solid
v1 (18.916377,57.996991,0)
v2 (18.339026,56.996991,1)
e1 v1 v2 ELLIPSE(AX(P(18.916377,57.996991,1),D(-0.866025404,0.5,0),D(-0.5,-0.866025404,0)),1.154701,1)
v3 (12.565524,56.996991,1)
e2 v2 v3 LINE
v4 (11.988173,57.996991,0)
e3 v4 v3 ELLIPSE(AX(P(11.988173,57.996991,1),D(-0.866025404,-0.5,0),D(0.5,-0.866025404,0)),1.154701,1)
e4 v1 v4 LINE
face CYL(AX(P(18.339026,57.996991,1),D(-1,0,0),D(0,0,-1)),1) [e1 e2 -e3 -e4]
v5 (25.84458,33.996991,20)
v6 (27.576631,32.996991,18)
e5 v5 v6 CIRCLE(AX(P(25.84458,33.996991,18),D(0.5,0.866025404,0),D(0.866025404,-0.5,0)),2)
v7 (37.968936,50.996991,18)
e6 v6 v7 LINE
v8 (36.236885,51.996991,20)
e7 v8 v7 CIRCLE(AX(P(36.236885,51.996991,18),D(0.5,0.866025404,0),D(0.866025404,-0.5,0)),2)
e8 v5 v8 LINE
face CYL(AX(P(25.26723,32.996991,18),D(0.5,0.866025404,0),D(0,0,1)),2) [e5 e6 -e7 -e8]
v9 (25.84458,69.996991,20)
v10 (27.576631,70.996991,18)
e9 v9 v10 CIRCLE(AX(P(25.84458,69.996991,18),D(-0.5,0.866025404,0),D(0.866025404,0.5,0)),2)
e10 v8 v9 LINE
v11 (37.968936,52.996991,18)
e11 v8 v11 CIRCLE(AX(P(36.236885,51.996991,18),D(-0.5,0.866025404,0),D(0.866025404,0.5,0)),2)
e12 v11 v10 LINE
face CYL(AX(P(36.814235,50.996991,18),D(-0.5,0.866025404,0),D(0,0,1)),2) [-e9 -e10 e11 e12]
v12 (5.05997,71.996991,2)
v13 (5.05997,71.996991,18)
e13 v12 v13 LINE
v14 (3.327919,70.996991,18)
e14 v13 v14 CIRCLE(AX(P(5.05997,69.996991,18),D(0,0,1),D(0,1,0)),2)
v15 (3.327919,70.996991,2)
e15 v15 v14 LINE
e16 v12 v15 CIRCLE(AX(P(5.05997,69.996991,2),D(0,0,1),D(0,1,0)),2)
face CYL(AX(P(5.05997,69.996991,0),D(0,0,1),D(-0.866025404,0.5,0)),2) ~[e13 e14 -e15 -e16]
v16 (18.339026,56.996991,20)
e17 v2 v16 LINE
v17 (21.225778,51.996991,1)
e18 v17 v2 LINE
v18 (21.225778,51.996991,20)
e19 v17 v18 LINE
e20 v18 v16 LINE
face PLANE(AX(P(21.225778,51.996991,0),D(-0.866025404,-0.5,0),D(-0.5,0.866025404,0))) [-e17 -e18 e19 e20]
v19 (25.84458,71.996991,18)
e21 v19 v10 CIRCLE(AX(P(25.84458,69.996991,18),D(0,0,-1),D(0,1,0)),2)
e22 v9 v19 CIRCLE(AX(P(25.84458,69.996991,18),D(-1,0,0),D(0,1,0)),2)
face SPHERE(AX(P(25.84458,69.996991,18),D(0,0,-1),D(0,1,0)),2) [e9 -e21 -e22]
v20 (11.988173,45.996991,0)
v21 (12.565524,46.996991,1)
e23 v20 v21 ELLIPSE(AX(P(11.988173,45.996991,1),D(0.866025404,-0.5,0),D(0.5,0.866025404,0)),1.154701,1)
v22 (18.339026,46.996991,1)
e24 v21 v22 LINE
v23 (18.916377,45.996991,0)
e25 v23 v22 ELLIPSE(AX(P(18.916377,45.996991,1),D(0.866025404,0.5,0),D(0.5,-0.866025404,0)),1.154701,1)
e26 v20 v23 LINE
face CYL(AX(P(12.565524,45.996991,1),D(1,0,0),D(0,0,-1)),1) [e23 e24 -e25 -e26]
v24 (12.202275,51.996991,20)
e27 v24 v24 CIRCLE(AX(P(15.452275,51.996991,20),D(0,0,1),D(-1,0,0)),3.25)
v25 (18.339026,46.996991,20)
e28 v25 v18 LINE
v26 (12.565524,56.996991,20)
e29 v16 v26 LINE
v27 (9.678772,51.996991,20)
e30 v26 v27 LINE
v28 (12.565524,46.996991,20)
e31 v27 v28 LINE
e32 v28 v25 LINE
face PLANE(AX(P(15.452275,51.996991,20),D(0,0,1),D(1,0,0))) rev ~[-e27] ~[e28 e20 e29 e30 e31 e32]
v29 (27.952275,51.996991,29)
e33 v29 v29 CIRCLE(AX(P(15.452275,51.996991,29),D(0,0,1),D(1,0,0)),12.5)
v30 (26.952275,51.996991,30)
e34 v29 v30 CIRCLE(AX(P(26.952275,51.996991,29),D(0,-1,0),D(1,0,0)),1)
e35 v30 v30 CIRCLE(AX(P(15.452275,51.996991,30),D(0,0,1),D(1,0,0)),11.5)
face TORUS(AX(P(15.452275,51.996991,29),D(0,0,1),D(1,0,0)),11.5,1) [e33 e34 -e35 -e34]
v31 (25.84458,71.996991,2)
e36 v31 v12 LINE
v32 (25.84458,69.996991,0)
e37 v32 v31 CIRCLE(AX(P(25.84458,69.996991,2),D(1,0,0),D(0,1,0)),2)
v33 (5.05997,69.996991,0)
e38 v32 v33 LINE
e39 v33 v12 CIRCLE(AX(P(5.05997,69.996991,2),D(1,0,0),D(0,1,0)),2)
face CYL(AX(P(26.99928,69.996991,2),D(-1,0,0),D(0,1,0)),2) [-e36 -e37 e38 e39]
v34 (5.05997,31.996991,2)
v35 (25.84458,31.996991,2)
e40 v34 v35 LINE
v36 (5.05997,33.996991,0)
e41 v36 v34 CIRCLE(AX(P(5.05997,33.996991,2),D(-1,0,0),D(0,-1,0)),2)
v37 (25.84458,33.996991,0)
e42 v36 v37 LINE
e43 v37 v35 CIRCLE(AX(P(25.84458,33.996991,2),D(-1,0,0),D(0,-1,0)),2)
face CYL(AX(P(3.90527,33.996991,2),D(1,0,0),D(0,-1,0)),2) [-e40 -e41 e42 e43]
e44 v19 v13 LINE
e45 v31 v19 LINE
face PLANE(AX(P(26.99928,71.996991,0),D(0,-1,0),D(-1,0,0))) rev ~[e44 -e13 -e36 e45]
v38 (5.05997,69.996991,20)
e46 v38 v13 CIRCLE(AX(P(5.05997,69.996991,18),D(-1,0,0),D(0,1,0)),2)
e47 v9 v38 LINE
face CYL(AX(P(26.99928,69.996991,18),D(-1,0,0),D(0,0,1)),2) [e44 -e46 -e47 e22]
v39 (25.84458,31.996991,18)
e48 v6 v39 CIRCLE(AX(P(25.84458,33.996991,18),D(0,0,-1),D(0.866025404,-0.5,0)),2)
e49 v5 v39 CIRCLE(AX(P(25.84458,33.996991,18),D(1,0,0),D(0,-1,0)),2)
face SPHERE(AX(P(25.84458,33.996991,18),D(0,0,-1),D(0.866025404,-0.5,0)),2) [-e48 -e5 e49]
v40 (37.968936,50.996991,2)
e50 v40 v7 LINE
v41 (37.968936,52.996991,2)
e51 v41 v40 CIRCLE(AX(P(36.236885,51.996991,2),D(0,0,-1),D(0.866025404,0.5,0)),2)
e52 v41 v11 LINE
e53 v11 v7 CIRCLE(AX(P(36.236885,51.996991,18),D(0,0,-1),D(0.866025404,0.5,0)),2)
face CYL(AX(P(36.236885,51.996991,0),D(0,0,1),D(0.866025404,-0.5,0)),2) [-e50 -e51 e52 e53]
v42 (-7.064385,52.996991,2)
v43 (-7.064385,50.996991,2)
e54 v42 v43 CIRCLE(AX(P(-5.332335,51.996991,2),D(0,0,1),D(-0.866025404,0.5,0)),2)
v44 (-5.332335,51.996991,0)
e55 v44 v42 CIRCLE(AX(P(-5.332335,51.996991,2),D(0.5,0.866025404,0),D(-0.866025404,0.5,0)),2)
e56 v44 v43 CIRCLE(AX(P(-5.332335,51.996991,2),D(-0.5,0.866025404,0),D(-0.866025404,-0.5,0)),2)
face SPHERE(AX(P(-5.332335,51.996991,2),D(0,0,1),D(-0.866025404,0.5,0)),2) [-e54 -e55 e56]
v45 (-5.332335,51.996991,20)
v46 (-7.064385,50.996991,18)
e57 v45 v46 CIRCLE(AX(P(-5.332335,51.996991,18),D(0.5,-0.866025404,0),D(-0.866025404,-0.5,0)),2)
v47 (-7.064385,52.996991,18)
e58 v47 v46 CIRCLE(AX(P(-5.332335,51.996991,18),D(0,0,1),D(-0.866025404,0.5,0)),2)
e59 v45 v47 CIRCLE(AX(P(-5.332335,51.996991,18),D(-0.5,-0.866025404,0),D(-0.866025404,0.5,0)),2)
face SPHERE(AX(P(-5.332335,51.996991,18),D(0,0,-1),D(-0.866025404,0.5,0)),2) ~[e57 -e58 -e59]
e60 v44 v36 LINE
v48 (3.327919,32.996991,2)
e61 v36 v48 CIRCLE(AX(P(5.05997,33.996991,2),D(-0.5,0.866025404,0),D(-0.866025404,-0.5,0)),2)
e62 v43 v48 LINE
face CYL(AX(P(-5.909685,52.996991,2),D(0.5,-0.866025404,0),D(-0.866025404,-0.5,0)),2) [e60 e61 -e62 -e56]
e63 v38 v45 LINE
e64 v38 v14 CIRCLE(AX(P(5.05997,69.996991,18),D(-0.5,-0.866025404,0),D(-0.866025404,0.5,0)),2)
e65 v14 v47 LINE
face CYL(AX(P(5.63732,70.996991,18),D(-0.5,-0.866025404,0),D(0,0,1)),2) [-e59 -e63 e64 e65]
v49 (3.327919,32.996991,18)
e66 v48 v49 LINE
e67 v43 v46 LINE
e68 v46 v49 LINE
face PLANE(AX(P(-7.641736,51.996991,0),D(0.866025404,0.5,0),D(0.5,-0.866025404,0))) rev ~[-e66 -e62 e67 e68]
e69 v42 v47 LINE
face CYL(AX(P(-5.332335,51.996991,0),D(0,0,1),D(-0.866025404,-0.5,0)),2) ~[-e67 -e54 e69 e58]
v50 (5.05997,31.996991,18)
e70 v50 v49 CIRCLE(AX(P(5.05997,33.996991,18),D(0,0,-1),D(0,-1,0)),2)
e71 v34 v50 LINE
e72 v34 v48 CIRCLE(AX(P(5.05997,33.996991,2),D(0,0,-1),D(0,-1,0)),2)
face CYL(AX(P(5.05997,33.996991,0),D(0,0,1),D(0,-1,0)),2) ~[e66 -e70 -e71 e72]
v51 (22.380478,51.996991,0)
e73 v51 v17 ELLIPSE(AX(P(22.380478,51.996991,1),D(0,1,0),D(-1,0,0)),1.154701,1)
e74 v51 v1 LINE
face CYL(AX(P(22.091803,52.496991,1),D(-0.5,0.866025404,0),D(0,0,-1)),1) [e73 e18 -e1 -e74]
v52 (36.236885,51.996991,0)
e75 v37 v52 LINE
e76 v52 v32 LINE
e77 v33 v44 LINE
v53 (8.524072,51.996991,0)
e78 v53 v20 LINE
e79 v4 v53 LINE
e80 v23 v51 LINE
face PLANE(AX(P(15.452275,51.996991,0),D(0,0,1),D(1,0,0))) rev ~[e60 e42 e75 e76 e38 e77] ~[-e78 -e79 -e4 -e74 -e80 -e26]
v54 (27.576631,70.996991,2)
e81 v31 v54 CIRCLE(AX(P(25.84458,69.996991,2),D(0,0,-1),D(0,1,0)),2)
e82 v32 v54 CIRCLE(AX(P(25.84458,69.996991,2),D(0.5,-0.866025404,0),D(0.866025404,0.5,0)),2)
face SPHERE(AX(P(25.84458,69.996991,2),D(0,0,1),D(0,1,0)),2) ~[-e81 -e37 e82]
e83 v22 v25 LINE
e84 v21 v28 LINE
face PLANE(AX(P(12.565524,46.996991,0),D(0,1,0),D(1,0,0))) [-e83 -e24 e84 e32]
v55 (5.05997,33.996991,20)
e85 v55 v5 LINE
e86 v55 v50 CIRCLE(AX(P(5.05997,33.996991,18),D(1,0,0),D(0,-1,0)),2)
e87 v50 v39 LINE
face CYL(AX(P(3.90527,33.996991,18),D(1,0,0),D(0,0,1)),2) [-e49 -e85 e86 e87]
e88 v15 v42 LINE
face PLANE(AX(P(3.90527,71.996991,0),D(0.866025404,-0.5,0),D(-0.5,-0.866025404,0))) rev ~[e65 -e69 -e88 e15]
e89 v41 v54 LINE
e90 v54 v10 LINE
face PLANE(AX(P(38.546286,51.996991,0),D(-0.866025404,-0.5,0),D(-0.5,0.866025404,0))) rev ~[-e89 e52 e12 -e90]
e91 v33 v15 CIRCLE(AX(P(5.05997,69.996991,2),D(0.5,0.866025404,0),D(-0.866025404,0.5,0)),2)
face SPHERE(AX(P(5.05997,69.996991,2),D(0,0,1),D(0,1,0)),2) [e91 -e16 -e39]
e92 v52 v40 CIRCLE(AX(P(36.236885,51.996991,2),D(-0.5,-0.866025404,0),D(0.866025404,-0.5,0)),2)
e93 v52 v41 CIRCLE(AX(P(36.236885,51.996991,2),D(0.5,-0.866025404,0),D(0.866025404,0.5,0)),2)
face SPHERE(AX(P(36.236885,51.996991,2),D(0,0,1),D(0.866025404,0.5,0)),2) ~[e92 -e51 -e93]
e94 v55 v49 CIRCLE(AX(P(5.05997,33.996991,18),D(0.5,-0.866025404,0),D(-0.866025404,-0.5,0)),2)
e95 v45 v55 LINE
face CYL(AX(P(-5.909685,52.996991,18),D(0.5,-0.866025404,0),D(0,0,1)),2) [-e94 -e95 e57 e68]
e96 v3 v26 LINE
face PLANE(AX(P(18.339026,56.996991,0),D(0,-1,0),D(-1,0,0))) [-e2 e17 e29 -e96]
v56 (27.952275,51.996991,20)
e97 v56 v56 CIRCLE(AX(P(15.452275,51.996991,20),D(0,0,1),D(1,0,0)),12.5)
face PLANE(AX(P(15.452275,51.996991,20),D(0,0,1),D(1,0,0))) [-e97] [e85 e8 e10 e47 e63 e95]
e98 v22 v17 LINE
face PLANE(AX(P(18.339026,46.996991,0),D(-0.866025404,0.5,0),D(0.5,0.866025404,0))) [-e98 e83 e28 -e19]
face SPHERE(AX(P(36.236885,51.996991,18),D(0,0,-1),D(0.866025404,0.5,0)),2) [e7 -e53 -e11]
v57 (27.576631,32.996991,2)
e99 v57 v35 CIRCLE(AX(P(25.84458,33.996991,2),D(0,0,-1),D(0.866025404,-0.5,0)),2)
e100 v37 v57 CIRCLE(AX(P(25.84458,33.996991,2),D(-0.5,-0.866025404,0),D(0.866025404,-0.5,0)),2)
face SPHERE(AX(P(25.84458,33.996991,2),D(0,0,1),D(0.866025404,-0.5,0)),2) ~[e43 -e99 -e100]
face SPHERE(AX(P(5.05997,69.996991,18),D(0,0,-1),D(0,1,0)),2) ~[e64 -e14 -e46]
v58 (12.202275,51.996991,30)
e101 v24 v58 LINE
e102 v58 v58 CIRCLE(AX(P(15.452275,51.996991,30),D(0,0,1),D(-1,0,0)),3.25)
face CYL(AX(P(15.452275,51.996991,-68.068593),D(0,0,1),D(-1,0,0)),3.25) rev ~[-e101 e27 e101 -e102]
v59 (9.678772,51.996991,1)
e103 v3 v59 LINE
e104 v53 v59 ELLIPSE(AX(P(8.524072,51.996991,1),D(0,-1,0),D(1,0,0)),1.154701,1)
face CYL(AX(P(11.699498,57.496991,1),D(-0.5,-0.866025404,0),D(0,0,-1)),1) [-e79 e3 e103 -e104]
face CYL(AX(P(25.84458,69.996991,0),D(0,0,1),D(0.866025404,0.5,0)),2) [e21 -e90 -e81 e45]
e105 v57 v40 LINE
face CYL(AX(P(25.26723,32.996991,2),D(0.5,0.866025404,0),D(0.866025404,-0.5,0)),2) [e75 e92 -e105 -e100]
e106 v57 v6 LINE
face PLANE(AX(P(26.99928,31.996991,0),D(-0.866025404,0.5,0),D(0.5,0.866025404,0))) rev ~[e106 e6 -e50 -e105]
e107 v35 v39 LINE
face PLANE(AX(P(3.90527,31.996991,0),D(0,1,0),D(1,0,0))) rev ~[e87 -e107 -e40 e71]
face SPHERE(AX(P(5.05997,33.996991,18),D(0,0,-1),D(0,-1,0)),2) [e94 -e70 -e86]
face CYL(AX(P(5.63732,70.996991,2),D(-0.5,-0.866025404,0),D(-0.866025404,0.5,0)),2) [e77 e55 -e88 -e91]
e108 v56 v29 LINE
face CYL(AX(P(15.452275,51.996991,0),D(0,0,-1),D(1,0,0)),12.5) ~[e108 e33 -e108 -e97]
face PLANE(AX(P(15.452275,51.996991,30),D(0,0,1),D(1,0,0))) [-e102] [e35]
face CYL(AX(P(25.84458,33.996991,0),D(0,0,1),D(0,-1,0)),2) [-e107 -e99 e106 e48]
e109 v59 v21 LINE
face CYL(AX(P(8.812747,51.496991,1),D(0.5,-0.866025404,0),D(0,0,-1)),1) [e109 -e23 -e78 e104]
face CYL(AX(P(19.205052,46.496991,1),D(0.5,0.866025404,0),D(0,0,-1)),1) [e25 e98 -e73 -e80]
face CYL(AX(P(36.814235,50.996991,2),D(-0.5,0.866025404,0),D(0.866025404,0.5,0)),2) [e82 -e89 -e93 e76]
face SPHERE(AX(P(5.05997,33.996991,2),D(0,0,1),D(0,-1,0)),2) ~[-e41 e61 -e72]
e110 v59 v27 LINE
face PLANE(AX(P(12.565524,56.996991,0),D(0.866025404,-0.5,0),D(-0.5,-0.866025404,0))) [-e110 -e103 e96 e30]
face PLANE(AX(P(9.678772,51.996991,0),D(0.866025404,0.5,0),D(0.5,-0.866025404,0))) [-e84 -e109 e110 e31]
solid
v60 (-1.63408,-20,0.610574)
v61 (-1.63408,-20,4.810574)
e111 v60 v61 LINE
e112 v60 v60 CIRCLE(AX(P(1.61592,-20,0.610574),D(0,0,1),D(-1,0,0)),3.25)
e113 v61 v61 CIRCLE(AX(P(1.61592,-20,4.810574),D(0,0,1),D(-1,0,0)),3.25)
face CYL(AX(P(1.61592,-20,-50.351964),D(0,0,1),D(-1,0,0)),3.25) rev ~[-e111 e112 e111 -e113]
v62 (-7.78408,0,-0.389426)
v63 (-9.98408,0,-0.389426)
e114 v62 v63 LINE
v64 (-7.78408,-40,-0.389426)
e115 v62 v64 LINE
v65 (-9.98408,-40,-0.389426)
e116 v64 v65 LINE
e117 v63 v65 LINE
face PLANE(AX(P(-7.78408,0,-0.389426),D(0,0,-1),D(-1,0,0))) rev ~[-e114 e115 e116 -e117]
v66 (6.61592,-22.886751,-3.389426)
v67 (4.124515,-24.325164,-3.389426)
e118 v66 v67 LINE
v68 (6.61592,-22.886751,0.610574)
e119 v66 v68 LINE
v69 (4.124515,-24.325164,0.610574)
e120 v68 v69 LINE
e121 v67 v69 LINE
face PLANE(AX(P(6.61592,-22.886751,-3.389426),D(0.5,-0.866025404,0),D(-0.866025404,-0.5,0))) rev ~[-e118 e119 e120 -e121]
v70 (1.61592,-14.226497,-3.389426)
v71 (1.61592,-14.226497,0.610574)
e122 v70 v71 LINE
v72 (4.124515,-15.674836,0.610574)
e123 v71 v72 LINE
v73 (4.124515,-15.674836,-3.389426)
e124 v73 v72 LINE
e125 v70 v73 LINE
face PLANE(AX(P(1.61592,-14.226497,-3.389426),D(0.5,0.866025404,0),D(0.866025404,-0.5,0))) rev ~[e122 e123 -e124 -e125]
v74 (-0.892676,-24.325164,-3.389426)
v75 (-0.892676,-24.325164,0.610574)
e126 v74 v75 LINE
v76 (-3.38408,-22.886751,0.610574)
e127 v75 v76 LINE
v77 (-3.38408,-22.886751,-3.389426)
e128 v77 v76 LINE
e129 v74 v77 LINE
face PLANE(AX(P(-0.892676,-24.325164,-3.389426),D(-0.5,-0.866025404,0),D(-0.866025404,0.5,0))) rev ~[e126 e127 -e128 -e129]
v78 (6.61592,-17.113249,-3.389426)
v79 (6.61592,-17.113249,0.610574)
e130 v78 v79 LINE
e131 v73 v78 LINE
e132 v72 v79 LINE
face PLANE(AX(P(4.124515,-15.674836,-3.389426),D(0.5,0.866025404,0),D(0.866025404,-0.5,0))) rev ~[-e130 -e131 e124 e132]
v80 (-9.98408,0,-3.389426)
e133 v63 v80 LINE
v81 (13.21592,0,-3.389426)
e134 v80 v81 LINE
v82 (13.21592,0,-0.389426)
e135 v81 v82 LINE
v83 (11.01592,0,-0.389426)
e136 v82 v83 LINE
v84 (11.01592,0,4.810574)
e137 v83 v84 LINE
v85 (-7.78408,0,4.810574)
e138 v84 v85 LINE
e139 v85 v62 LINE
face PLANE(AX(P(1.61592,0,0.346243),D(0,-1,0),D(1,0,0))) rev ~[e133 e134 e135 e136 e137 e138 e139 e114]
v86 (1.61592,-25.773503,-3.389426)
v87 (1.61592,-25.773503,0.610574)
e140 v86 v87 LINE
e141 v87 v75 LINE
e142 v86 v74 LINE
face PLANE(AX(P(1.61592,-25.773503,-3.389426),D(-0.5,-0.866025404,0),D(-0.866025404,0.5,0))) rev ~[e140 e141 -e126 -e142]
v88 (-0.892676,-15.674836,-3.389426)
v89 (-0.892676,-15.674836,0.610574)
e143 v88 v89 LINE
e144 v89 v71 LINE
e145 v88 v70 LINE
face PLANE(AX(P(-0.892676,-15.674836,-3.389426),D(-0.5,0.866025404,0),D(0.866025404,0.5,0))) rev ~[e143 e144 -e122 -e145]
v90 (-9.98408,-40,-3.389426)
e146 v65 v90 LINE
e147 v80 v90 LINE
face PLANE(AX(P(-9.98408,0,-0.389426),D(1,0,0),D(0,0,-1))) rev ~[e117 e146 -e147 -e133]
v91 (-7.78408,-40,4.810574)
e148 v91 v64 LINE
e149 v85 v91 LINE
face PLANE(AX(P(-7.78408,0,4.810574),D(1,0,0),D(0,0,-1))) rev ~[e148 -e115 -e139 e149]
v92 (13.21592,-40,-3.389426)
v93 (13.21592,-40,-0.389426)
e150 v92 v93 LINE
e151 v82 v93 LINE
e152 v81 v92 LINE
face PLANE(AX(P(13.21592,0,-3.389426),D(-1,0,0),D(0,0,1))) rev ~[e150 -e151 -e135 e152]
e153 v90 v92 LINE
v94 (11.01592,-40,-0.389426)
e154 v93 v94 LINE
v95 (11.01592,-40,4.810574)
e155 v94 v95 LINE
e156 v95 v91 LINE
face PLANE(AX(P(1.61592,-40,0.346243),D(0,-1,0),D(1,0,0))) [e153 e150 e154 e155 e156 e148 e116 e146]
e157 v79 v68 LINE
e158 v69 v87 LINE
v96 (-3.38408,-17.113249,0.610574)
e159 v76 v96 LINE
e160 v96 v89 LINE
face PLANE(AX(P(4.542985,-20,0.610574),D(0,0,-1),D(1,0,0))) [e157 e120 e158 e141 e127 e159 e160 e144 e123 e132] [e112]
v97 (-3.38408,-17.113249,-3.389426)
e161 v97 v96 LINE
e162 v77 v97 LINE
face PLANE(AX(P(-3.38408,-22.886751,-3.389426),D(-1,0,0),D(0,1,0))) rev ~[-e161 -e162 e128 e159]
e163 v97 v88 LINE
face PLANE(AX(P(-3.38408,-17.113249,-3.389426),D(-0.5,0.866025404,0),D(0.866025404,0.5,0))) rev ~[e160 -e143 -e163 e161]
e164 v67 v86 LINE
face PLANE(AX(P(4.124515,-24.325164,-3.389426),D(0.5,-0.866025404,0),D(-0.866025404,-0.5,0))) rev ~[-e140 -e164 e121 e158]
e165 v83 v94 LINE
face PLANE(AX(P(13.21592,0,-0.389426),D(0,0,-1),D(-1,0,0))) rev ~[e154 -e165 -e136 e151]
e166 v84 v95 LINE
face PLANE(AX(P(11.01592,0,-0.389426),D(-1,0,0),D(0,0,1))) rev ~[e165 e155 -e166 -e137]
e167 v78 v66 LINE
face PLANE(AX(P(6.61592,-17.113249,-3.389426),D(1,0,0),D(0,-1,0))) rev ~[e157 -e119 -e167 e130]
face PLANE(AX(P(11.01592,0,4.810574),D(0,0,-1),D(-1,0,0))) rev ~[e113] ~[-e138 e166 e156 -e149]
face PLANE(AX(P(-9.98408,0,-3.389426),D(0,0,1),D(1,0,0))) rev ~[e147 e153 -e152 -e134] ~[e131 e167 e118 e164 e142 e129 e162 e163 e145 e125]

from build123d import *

# Parameters (mm, degrees)
F1_DEPTH = 40
F3_DEPTH = 4
F4_D     = 6.5
F5_R     = 12.5
F6_DEPTH = 20
F7_DEPTH = 30
F8_DEPTH = 20
F9_D     = 6.5
F10_R    = 2
F11_R    = 1


with BuildPart() as f1:
    # F0 (on Front) → F1 (new body)
    with BuildSketch(Plane.XZ):
        Polygon((-9.9840804588, -0.389425854), (-9.9840804588, -3.389425854), (13.2159195412, -3.389425854), (13.2159195412, -0.389425854), (11.0159195412, -0.389425854), (11.0159195412, 4.810574146), (-7.7840804588, 4.810574146), (-7.7840804588, -0.389425854), align=None)
    extrude(amount=F1_DEPTH)

    # F2 (on face) → F3 (cut)
    with BuildSketch(Plane(origin=(0, 0, -3.389425854), x_dir=(1, 0, 0), z_dir=(0, 0, -1))):
        Polygon((4.1245149324, 24.3251644675), (1.6159195412, 20), (4.1245149324, 15.6748355325), (6.6159195412, 17.1132486541), (6.6159195412, 22.8867513459), align=None)
        Polygon((1.6159195412, 25.7735026919), (-0.89267585, 24.3251644675), (1.6159195412, 20), (4.1245149324, 24.3251644675), align=None)
        Polygon((1.6159195412, 20), (-0.89267585, 24.3251644675), (-3.3840804588, 22.8867513459), (-3.3840804588, 17.1132486541), (-0.89267585, 15.6748355325), align=None)
        Polygon((4.1245149324, 15.6748355325), (1.6159195412, 20), (-0.89267585, 15.6748355325), (1.6159195412, 14.2264973081), align=None)
    extrude(amount=-F3_DEPTH, mode=Mode.SUBTRACT)

    # F4 (through all)
    with Locations(Plane(origin=(0, 0, -3.389425854), x_dir=(1, 0, 0), z_dir=(0, 0, -1))):
        with Locations((1.6159195412, 20)):
            Hole(F4_D / 2)


with BuildPart() as f6:
    # F5 (on Top) → F6 (new body)
    with BuildSketch(Plane.XY):
        Polygon((3.9052696689, 31.9969910383), (26.9992804365, 31.9969910383), (38.5462858203, 51.9969910383), (26.9992804365, 71.9969910383), (3.9052696689, 71.9969910383), (-7.6417357149, 51.9969910383), align=None)
        with Locations((15.4522750527, 51.9969910383)):
            Circle(F5_R, mode=Mode.SUBTRACT)
    extrude(amount=F6_DEPTH)

    # F5 (on Top) → F7 (join)
    with BuildSketch(Plane.XY):
        with Locations((15.4522750527, 51.9969910383)):
            Circle(F5_R)
        Polygon((21.2257777446, 51.9969910383), (18.3390263986, 46.9969910383), (12.5655237067, 46.9969910383), (9.6787723608, 51.9969910383), (12.5655237067, 56.9969910383), (18.3390263986, 56.9969910383), align=None, mode=Mode.SUBTRACT)
        Polygon((12.5655237067, 46.9969910383), (18.3390263986, 46.9969910383), (21.2257777446, 51.9969910383), (18.3390263986, 56.9969910383), (12.5655237067, 56.9969910383), (9.6787723608, 51.9969910383), align=None)
    extrude(amount=F7_DEPTH)

    # F5 (on Top) → F8 (cut)
    with BuildSketch(Plane.XY):
        Polygon((12.5655237067, 46.9969910383), (18.3390263986, 46.9969910383), (21.2257777446, 51.9969910383), (18.3390263986, 56.9969910383), (12.5655237067, 56.9969910383), (9.6787723608, 51.9969910383), align=None)
    extrude(amount=F8_DEPTH, mode=Mode.SUBTRACT)

    # F9 (through all)
    with Locations(Plane(origin=(0, 0, 0), x_dir=(1, 0, 0), z_dir=(0, 0, -1))):
        with Locations((15.4522750527, -51.9969910383)):
            Hole(F9_D / 2)

    # F10
    f10_edges = [f6.edges().sort_by_distance(p)[0] for p in [
        (3.90527, 71.996991, 10),
        (26.99928, 71.996991, 10),
        (15.452275, 71.996991, 0),
        (15.452275, 71.996991, 20),
        (38.546286, 51.996991, 10),
        (32.772783, 61.996991, 0),
        (32.772783, 61.996991, 20),
        (-7.641736, 51.996991, 10),
        (-1.868233, 61.996991, 0),
        (-1.868233, 61.996991, 20),
        (26.99928, 31.996991, 10),
        (32.772783, 41.996991, 0),
        (32.772783, 41.996991, 20),
        (3.90527, 31.996991, 10),
        (15.452275, 31.996991, 0),
        (15.452275, 31.996991, 20),
        (-1.868233, 41.996991, 0),
        (-1.868233, 41.996991, 20),
    ]]
    fillet(f10_edges, radius=F10_R)

    # F11
    f11_edges = [f6.edges().sort_by_distance(p)[0] for p in [
        (2.952275, 51.996991, 30),
        (15.452275, 46.996991, 0),
        (11.122148, 49.496991, 0),
        (11.122148, 54.496991, 0),
        (15.452275, 56.996991, 0),
        (19.782402, 54.496991, 0),
        (19.782402, 49.496991, 0),
    ]]
    fillet(f11_edges, radius=F11_R)


solid = Compound([f1.part, f6.part])
